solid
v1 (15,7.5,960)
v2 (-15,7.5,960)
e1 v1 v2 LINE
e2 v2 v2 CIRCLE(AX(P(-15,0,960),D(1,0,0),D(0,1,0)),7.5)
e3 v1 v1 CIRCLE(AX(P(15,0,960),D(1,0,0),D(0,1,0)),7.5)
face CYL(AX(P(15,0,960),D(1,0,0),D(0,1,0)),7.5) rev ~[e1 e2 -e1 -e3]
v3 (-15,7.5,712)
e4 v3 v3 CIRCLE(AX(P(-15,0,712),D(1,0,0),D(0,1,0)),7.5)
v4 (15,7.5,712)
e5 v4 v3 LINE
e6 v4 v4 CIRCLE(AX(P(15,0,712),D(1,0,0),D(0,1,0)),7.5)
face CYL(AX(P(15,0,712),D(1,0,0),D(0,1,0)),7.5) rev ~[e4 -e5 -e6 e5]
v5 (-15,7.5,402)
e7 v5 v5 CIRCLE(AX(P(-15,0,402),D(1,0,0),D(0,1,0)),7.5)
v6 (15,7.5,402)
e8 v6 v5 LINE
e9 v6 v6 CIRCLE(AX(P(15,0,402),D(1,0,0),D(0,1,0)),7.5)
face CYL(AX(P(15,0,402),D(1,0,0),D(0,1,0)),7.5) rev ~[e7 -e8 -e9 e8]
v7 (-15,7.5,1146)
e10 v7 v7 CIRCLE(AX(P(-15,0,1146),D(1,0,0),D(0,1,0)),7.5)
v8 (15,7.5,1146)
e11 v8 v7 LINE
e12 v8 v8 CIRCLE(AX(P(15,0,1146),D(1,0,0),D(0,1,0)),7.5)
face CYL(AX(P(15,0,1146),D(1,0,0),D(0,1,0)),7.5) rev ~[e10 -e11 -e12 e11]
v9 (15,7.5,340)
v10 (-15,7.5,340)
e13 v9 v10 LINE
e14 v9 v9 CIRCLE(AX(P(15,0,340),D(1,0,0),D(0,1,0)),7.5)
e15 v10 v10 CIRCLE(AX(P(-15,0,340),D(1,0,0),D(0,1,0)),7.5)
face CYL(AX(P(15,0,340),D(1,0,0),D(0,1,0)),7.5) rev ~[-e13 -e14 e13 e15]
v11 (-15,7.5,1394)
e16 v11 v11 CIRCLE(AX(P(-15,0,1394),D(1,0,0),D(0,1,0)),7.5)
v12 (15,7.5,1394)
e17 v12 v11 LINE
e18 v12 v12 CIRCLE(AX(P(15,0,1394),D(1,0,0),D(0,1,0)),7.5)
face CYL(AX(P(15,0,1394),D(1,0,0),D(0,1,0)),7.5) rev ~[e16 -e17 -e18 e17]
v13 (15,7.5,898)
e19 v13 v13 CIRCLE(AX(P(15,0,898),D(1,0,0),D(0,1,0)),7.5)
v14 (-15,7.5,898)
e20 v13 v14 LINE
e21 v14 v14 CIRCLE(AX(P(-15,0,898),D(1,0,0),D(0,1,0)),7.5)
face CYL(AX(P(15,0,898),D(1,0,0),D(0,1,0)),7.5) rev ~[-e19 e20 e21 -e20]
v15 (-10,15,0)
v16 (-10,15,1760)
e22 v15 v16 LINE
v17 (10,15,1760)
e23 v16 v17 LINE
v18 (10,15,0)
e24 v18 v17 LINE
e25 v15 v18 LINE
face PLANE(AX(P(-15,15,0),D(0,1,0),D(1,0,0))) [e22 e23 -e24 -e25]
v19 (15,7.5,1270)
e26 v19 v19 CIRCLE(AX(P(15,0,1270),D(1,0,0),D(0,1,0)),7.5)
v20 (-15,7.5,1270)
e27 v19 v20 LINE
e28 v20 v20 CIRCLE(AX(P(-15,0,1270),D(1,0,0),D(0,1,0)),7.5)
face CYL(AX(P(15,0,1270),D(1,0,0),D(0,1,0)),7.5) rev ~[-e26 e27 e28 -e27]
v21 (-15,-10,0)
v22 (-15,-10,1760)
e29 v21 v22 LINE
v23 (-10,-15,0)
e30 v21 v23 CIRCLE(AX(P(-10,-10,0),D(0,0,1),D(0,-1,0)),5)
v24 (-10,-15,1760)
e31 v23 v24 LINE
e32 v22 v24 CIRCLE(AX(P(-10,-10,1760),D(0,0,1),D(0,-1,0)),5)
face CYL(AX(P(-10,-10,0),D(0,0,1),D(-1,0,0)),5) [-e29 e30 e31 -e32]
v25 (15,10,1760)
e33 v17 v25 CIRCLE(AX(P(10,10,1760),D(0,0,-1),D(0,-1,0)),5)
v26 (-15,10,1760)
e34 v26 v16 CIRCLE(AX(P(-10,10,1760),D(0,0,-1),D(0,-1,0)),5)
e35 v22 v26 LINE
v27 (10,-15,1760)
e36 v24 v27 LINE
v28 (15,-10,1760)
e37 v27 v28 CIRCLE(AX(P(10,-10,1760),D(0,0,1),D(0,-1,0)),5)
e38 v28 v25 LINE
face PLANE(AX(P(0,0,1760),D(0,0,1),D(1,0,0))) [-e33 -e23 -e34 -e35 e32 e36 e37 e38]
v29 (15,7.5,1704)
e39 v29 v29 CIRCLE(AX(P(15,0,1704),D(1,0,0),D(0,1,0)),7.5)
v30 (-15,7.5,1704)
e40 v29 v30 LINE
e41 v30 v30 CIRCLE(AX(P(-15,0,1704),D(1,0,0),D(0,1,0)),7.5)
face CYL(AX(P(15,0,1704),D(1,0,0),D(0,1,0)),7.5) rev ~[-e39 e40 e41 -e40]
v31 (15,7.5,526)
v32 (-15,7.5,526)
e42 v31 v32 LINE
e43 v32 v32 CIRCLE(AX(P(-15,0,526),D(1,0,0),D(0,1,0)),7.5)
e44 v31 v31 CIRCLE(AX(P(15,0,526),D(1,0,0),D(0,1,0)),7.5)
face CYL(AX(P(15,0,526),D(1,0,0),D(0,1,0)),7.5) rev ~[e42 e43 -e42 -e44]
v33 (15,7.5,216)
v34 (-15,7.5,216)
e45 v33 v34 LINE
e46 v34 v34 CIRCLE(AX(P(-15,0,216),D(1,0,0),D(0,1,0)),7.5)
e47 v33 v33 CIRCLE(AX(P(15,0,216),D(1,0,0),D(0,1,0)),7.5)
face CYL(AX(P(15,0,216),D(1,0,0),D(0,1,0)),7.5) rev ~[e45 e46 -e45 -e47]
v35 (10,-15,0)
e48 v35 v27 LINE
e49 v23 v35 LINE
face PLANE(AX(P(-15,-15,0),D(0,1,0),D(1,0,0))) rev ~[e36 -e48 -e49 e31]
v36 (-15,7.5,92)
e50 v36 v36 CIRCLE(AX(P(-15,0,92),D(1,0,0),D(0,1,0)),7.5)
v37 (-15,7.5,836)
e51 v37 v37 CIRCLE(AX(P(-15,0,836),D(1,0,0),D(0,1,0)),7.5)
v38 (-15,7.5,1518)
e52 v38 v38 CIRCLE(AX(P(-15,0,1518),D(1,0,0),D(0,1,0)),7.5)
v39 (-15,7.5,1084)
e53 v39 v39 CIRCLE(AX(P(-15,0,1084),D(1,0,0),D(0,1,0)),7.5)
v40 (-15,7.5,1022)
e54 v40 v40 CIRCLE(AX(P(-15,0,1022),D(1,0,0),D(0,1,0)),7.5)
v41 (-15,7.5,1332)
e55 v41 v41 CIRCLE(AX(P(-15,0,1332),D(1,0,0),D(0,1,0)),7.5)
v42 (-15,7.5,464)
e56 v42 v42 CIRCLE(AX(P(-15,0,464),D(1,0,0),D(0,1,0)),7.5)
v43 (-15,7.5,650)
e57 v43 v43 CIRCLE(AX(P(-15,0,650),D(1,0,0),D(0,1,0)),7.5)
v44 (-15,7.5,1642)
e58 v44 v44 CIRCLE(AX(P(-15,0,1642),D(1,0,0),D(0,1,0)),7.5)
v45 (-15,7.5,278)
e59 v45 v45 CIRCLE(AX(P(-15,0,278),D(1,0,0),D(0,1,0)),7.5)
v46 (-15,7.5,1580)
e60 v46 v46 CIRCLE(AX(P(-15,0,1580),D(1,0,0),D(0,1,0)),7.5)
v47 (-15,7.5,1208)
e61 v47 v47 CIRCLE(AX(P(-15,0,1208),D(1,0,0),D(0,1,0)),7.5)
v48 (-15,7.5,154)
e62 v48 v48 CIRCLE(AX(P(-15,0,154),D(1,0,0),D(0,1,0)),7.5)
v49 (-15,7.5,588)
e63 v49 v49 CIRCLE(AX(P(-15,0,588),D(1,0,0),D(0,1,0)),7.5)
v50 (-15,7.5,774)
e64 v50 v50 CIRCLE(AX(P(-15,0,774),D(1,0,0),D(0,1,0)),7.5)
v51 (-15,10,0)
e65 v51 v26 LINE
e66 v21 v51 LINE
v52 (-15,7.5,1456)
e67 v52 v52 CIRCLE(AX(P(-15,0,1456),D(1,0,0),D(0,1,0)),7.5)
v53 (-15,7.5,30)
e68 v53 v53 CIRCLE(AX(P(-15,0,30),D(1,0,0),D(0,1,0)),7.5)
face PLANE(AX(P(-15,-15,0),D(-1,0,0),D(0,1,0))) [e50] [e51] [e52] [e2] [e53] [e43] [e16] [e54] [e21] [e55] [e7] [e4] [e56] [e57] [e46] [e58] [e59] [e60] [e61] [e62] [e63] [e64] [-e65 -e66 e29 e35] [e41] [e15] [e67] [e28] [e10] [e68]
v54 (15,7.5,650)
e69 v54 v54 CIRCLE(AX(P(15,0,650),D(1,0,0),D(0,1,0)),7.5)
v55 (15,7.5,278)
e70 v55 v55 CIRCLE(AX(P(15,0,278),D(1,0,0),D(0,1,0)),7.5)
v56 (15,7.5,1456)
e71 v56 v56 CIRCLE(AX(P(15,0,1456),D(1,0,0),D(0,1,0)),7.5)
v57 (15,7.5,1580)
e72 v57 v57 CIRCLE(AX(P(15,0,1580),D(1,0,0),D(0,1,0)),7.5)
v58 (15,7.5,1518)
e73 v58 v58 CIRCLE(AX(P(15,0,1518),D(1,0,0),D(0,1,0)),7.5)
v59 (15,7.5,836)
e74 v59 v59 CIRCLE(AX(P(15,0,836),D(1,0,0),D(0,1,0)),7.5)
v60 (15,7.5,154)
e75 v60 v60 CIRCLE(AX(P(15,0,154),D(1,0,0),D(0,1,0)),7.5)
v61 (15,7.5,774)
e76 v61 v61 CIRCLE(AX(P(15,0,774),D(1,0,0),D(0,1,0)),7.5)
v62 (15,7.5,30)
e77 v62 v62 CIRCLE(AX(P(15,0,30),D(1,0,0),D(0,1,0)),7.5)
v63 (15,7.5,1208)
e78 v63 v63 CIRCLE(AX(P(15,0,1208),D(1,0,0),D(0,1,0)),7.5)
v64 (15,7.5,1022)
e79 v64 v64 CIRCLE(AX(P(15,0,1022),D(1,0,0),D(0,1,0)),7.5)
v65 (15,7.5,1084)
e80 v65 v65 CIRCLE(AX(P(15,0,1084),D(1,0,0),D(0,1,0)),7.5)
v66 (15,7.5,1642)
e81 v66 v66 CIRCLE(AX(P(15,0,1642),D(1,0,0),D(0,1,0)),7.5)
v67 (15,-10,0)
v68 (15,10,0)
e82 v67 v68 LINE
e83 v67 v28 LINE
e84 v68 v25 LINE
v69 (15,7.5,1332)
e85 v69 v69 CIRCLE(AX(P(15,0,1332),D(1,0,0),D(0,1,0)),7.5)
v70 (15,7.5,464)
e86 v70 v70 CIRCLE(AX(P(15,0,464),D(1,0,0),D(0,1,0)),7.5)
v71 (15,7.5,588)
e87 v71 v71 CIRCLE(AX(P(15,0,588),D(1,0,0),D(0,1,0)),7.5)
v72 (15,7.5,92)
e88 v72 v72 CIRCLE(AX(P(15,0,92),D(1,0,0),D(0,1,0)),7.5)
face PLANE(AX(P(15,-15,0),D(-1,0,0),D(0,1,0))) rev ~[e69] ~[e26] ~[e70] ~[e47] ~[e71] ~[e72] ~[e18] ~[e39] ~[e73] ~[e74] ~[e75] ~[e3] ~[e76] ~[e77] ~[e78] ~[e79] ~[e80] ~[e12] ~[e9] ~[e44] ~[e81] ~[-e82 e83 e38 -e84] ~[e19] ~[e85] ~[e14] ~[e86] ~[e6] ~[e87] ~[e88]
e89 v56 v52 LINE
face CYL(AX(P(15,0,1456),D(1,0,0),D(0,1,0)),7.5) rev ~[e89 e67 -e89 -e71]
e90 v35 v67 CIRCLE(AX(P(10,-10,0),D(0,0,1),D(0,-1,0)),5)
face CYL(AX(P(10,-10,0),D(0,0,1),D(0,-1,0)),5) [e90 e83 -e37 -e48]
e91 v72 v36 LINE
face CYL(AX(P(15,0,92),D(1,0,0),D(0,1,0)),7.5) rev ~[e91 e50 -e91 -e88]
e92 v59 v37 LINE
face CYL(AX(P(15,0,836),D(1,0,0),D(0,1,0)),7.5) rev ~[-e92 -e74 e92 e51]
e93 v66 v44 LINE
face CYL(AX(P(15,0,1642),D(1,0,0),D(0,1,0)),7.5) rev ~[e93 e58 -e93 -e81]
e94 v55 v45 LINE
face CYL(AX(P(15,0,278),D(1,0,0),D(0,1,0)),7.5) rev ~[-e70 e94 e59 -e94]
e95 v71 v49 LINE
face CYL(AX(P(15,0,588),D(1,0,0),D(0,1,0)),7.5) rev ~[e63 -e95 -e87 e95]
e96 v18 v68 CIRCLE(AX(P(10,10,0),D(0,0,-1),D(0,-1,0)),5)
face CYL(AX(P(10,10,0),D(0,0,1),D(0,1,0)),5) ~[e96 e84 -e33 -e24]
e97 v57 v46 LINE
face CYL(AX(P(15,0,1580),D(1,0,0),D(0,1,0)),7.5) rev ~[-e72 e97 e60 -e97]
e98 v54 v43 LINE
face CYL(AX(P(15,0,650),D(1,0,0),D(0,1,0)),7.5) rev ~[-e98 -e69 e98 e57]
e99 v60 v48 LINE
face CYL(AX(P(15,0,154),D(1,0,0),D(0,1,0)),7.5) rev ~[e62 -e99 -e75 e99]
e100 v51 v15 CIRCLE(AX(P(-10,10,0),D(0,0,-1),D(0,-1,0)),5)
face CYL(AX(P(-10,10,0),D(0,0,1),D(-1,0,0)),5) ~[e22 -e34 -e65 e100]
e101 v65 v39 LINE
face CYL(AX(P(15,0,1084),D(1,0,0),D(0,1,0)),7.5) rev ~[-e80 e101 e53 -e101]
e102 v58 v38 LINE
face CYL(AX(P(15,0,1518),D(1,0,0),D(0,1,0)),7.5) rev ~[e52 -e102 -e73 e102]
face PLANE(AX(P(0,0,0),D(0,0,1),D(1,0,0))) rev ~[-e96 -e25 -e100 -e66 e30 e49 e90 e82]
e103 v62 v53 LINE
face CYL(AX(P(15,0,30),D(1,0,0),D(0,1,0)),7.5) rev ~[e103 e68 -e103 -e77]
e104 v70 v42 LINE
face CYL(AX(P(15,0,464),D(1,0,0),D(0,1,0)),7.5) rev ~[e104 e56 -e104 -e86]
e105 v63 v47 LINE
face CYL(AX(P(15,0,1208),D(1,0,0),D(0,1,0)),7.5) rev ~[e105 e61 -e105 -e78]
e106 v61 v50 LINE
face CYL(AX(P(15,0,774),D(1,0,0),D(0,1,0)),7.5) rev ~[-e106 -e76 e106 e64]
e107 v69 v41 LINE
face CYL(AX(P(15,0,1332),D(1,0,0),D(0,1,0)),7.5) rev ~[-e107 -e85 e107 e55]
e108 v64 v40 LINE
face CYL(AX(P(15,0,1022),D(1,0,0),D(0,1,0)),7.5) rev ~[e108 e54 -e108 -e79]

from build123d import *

# Parameters (mm, degrees)
F0_W     = 30
F0_H     = 30
F1_DEPTH = 1760
F2_R     = 7.5
F3_DEPTH = 30.001
F4_R     = 5


with BuildPart() as f1:
    # F0 (on Top) → F1 (new body)
    with BuildSketch(Plane.XY):
        Rectangle(F0_W, F0_H)
    extrude(amount=F1_DEPTH)

    # F2 (on face) → F3 (cut, through all)
    with BuildSketch(Plane.YZ.offset(15)):
        with Locations((0, 30)):
            Circle(F2_R)
        with Locations((0, 92)):
            Circle(F2_R)
        with Locations((0, 154)):
            Circle(F2_R)
        with Locations((0, 216)):
            Circle(F2_R)
        with Locations((0, 278)):
            Circle(F2_R)
        with Locations((0, 340)):
            Circle(F2_R)
        with Locations((0, 402)):
            Circle(F2_R)
        with Locations((0, 464)):
            Circle(F2_R)
        with Locations((0, 526)):
            Circle(F2_R)
        with Locations((0, 588)):
            Circle(F2_R)
        with Locations((0, 650)):
            Circle(F2_R)
        with Locations((0, 712)):
            Circle(F2_R)
        with Locations((0, 774)):
            Circle(F2_R)
        with Locations((0, 836)):
            Circle(F2_R)
        with Locations((0, 898)):
            Circle(F2_R)
        with Locations((0, 960)):
            Circle(F2_R)
        with Locations((0, 1022)):
            Circle(F2_R)
        with Locations((0, 1084)):
            Circle(F2_R)
        with Locations((0, 1146)):
            Circle(F2_R)
        with Locations((0, 1208)):
            Circle(F2_R)
        with Locations((0, 1270)):
            Circle(F2_R)
        with Locations((0, 1332)):
            Circle(F2_R)
        with Locations((0, 1394)):
            Circle(F2_R)
        with Locations((0, 1456)):
            Circle(F2_R)
        with Locations((0, 1518)):
            Circle(F2_R)
        with Locations((0, 1580)):
            Circle(F2_R)
        with Locations((0, 1642)):
            Circle(F2_R)
        with Locations((0, 1704)):
            Circle(F2_R)
    extrude(amount=-F3_DEPTH, mode=Mode.SUBTRACT)

    # F4
    f4_edges = [f1.edges().sort_by_distance(p)[0] for p in [
        (15, -15, 880),
        (-15, -15, 880),
        (15, 15, 880),
        (-15, 15, 880),
    ]]
    fillet(f4_edges, radius=F4_R)


solid = f1.part
